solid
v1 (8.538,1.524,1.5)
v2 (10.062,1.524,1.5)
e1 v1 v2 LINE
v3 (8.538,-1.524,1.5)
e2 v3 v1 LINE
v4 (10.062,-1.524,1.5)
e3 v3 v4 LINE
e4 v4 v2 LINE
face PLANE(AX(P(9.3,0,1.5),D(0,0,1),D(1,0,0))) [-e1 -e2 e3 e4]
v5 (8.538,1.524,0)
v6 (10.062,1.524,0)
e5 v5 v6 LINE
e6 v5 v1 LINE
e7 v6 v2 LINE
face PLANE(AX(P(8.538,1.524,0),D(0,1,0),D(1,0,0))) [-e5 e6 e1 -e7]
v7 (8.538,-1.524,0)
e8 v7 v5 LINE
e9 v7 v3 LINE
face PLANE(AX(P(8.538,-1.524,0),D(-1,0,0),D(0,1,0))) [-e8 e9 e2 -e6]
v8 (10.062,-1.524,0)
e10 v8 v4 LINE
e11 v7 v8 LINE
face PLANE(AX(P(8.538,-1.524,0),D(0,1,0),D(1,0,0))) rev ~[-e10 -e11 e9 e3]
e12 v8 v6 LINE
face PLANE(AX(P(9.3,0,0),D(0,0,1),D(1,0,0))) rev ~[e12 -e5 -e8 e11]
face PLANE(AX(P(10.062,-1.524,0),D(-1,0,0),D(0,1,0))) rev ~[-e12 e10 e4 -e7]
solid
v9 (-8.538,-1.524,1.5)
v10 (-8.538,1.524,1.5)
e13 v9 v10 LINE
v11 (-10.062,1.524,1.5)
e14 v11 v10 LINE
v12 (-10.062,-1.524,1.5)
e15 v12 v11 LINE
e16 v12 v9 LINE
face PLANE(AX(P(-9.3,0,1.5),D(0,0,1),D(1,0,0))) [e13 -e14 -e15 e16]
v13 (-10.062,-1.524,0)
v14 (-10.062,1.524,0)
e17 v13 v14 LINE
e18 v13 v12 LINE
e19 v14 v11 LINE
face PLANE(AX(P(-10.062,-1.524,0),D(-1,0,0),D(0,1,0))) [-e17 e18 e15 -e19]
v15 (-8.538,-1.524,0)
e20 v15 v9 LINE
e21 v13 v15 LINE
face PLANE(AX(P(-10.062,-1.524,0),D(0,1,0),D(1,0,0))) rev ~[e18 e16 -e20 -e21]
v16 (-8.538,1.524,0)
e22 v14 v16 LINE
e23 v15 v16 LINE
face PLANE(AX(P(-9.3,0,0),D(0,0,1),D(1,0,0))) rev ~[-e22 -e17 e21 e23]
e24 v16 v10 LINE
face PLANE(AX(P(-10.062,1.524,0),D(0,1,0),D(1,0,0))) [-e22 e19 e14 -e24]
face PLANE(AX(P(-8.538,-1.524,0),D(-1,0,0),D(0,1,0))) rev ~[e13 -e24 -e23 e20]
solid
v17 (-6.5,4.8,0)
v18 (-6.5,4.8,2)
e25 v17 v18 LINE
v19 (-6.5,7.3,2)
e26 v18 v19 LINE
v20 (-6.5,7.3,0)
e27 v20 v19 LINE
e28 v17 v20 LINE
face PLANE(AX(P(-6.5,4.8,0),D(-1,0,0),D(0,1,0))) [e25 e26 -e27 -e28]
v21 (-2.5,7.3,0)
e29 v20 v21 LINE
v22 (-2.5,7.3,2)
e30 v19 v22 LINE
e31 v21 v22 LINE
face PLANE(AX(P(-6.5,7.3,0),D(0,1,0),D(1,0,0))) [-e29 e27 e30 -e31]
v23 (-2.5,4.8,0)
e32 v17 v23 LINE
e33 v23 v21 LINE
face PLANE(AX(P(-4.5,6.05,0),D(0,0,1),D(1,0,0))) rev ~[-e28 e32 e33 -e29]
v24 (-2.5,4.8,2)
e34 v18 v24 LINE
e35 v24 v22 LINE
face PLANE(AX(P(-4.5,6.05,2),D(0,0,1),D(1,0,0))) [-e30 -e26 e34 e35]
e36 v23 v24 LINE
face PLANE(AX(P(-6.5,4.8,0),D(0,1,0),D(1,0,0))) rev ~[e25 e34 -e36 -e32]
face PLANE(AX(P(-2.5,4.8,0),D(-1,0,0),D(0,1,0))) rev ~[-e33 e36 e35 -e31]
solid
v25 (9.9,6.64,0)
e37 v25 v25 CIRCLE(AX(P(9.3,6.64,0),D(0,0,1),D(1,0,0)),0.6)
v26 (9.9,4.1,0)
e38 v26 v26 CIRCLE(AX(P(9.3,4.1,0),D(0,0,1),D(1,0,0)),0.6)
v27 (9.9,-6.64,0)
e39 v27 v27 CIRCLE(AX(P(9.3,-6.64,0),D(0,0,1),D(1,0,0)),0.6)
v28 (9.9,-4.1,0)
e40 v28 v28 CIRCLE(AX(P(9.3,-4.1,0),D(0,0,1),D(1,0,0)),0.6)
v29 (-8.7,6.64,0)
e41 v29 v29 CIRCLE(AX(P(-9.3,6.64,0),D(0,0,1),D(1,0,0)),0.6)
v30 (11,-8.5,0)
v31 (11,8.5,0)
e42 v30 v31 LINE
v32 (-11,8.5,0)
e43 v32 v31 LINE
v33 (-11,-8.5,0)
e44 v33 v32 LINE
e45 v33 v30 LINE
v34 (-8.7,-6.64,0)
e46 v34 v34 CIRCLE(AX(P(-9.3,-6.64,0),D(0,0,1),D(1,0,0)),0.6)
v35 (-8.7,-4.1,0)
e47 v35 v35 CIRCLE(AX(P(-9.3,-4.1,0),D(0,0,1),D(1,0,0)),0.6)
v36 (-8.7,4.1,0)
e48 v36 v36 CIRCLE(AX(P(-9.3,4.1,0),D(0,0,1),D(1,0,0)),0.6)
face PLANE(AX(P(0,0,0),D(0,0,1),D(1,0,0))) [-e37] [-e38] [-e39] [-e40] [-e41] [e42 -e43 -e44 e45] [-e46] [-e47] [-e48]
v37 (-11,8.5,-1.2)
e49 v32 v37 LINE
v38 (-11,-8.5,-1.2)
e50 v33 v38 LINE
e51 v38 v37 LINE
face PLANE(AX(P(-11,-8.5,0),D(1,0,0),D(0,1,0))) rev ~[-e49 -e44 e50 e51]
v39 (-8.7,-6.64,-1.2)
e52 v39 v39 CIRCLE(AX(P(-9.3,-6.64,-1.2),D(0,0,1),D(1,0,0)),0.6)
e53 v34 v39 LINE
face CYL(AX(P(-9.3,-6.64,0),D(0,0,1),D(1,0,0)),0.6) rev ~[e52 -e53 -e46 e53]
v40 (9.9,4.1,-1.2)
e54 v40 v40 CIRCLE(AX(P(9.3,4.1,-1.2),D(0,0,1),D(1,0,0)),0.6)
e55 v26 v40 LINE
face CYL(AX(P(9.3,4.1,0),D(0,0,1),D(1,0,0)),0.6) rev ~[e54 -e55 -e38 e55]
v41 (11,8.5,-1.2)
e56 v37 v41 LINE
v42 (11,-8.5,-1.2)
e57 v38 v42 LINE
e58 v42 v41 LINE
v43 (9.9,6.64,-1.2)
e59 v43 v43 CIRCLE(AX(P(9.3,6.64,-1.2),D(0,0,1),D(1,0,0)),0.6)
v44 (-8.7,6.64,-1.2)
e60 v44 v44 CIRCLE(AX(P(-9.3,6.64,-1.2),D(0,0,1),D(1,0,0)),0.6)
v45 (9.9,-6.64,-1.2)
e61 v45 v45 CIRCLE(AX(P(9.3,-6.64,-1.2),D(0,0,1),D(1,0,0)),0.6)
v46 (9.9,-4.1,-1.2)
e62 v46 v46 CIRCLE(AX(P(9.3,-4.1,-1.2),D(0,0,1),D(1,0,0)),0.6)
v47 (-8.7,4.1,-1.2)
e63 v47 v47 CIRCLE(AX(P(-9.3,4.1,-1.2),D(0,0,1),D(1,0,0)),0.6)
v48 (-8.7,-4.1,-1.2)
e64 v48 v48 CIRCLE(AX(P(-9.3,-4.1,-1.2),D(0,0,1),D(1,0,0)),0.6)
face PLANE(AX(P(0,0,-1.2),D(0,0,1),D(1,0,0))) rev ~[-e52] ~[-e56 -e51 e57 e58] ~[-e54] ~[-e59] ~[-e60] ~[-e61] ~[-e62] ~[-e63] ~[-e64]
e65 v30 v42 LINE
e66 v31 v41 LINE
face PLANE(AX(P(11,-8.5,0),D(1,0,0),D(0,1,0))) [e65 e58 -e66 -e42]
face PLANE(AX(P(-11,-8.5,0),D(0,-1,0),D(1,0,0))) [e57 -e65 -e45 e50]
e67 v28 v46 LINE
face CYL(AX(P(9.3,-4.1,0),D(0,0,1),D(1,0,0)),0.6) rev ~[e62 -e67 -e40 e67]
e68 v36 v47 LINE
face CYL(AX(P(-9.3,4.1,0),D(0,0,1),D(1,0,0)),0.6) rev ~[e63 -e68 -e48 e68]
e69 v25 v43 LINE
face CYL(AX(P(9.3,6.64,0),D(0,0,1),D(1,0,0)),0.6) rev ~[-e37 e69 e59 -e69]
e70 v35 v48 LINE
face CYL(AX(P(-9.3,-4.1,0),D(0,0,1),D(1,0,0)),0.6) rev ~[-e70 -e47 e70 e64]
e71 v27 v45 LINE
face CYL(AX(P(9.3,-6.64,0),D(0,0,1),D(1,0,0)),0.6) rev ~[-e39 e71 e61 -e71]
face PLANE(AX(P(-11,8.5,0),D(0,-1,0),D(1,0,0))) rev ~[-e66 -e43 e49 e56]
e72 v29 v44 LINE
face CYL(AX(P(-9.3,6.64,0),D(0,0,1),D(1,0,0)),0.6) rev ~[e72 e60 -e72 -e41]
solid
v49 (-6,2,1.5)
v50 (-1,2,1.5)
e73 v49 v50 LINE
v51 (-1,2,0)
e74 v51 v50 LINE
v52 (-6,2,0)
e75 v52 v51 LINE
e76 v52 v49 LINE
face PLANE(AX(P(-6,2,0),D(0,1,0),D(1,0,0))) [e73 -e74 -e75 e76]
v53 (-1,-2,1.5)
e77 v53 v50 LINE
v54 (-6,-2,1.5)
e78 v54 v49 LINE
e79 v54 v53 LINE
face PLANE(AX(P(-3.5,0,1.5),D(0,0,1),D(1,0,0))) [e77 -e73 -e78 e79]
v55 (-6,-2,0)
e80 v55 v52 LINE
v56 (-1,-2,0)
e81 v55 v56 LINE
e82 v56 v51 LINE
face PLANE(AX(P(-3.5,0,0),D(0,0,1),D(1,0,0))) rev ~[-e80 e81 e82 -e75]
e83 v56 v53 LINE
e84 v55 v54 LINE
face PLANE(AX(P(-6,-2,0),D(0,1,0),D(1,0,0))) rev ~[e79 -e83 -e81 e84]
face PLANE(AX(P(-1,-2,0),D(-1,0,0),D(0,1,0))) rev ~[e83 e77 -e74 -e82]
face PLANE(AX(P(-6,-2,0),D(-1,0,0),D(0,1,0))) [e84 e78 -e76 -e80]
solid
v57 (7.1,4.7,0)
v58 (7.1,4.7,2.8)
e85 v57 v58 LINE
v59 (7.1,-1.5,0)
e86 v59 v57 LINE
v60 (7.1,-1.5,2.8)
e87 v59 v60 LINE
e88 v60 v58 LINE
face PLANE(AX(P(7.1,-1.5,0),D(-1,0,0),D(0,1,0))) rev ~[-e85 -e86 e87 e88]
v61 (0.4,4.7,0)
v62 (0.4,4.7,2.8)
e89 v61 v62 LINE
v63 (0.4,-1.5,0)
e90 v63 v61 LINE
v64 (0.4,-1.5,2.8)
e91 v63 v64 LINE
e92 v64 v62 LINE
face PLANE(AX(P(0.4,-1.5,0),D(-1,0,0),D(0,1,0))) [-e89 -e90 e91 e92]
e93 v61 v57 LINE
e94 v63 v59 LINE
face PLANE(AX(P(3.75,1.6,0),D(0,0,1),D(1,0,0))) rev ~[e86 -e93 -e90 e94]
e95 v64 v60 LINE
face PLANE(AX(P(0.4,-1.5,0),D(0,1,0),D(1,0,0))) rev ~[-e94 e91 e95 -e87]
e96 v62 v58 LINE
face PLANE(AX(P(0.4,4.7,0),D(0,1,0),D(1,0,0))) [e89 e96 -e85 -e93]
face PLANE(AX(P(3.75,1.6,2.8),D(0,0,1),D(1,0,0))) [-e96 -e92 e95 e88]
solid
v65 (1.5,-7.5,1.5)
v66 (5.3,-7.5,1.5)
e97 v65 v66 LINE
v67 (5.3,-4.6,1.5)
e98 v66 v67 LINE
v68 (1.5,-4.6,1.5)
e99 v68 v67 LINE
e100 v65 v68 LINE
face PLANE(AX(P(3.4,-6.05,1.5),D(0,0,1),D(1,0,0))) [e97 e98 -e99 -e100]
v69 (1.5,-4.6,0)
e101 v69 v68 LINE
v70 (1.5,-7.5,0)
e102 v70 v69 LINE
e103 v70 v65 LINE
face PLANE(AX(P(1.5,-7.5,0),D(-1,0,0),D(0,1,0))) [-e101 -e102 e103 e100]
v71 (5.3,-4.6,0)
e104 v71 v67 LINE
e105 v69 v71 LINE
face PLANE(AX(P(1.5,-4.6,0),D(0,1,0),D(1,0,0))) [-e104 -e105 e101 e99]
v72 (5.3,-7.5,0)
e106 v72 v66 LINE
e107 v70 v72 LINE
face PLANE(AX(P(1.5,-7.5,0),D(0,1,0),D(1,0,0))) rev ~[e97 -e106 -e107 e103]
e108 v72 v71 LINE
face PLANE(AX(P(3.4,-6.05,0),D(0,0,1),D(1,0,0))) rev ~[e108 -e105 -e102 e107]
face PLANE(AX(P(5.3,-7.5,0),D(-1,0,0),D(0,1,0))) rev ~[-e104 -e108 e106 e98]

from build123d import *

# Parameters (mm, degrees)
F0_W     = 22
F0_H     = 17
F0_R     = 0.6
F1_DEPTH = 1.2
F2_W     = 1.524
F2_H     = 3.048
F2_W_2   = 5
F2_H_2   = 4
F2_W_3   = 3.8
F2_H_3   = 2.9
F3_DEPTH = 1.5
F2_W_4   = 4
F2_H_4   = 2.5
F4_DEPTH = 2
F2_W_5   = 6.7
F2_H_5   = 6.2
F5_DEPTH = 2.8


with BuildPart() as f1:
    # F0 (on Top) → F1 (new body)
    with BuildSketch(Plane.XY):
        Rectangle(F0_W, F0_H)
        with Locations((-9.3, -6.64)):
            Circle(F0_R, mode=Mode.SUBTRACT)
        with Locations((-9.3, -4.1)):
            Circle(F0_R, mode=Mode.SUBTRACT)
        with Locations((9.3, -6.64)):
            Circle(F0_R, mode=Mode.SUBTRACT)
        with Locations((9.3, -4.1)):
            Circle(F0_R, mode=Mode.SUBTRACT)
        with Locations((-9.3, 4.1)):
            Circle(F0_R, mode=Mode.SUBTRACT)
        with Locations((-9.3, 6.64)):
            Circle(F0_R, mode=Mode.SUBTRACT)
        with Locations((9.3, 4.1)):
            Circle(F0_R, mode=Mode.SUBTRACT)
        with Locations((9.3, 6.64)):
            Circle(F0_R, mode=Mode.SUBTRACT)
    extrude(amount=-F1_DEPTH)


with BuildPart() as f3:
    # F2 (on Top) → F3 (new body)
    with BuildSketch(Plane.XY):
        with Locations((9.3, 0)):
            Rectangle(F2_W, F2_H)
        with Locations((-3.5, 0)):
            Rectangle(F2_W_2, F2_H_2)
        with Locations((3.4, -6.05)):
            Rectangle(F2_W_3, F2_H_3)
        with Locations((-9.3, 0)):
            Rectangle(F2_W, F2_H)
    extrude(amount=F3_DEPTH)


with BuildPart() as f4:
    # F2 (on Top) → F4 (new body)
    with BuildSketch(Plane.XY):
        with Locations((-4.5, 6.05)):
            Rectangle(F2_W_4, F2_H_4)
    extrude(amount=F4_DEPTH)


with BuildPart() as f5:
    # F2 (on Top) → F5 (new body)
    with BuildSketch(Plane.XY):
        with Locations((3.75, 1.6)):
            Rectangle(F2_W_5, F2_H_5)
    extrude(amount=F5_DEPTH)


solid = Compound([f1.part, f3.part, f4.part, f5.part])
